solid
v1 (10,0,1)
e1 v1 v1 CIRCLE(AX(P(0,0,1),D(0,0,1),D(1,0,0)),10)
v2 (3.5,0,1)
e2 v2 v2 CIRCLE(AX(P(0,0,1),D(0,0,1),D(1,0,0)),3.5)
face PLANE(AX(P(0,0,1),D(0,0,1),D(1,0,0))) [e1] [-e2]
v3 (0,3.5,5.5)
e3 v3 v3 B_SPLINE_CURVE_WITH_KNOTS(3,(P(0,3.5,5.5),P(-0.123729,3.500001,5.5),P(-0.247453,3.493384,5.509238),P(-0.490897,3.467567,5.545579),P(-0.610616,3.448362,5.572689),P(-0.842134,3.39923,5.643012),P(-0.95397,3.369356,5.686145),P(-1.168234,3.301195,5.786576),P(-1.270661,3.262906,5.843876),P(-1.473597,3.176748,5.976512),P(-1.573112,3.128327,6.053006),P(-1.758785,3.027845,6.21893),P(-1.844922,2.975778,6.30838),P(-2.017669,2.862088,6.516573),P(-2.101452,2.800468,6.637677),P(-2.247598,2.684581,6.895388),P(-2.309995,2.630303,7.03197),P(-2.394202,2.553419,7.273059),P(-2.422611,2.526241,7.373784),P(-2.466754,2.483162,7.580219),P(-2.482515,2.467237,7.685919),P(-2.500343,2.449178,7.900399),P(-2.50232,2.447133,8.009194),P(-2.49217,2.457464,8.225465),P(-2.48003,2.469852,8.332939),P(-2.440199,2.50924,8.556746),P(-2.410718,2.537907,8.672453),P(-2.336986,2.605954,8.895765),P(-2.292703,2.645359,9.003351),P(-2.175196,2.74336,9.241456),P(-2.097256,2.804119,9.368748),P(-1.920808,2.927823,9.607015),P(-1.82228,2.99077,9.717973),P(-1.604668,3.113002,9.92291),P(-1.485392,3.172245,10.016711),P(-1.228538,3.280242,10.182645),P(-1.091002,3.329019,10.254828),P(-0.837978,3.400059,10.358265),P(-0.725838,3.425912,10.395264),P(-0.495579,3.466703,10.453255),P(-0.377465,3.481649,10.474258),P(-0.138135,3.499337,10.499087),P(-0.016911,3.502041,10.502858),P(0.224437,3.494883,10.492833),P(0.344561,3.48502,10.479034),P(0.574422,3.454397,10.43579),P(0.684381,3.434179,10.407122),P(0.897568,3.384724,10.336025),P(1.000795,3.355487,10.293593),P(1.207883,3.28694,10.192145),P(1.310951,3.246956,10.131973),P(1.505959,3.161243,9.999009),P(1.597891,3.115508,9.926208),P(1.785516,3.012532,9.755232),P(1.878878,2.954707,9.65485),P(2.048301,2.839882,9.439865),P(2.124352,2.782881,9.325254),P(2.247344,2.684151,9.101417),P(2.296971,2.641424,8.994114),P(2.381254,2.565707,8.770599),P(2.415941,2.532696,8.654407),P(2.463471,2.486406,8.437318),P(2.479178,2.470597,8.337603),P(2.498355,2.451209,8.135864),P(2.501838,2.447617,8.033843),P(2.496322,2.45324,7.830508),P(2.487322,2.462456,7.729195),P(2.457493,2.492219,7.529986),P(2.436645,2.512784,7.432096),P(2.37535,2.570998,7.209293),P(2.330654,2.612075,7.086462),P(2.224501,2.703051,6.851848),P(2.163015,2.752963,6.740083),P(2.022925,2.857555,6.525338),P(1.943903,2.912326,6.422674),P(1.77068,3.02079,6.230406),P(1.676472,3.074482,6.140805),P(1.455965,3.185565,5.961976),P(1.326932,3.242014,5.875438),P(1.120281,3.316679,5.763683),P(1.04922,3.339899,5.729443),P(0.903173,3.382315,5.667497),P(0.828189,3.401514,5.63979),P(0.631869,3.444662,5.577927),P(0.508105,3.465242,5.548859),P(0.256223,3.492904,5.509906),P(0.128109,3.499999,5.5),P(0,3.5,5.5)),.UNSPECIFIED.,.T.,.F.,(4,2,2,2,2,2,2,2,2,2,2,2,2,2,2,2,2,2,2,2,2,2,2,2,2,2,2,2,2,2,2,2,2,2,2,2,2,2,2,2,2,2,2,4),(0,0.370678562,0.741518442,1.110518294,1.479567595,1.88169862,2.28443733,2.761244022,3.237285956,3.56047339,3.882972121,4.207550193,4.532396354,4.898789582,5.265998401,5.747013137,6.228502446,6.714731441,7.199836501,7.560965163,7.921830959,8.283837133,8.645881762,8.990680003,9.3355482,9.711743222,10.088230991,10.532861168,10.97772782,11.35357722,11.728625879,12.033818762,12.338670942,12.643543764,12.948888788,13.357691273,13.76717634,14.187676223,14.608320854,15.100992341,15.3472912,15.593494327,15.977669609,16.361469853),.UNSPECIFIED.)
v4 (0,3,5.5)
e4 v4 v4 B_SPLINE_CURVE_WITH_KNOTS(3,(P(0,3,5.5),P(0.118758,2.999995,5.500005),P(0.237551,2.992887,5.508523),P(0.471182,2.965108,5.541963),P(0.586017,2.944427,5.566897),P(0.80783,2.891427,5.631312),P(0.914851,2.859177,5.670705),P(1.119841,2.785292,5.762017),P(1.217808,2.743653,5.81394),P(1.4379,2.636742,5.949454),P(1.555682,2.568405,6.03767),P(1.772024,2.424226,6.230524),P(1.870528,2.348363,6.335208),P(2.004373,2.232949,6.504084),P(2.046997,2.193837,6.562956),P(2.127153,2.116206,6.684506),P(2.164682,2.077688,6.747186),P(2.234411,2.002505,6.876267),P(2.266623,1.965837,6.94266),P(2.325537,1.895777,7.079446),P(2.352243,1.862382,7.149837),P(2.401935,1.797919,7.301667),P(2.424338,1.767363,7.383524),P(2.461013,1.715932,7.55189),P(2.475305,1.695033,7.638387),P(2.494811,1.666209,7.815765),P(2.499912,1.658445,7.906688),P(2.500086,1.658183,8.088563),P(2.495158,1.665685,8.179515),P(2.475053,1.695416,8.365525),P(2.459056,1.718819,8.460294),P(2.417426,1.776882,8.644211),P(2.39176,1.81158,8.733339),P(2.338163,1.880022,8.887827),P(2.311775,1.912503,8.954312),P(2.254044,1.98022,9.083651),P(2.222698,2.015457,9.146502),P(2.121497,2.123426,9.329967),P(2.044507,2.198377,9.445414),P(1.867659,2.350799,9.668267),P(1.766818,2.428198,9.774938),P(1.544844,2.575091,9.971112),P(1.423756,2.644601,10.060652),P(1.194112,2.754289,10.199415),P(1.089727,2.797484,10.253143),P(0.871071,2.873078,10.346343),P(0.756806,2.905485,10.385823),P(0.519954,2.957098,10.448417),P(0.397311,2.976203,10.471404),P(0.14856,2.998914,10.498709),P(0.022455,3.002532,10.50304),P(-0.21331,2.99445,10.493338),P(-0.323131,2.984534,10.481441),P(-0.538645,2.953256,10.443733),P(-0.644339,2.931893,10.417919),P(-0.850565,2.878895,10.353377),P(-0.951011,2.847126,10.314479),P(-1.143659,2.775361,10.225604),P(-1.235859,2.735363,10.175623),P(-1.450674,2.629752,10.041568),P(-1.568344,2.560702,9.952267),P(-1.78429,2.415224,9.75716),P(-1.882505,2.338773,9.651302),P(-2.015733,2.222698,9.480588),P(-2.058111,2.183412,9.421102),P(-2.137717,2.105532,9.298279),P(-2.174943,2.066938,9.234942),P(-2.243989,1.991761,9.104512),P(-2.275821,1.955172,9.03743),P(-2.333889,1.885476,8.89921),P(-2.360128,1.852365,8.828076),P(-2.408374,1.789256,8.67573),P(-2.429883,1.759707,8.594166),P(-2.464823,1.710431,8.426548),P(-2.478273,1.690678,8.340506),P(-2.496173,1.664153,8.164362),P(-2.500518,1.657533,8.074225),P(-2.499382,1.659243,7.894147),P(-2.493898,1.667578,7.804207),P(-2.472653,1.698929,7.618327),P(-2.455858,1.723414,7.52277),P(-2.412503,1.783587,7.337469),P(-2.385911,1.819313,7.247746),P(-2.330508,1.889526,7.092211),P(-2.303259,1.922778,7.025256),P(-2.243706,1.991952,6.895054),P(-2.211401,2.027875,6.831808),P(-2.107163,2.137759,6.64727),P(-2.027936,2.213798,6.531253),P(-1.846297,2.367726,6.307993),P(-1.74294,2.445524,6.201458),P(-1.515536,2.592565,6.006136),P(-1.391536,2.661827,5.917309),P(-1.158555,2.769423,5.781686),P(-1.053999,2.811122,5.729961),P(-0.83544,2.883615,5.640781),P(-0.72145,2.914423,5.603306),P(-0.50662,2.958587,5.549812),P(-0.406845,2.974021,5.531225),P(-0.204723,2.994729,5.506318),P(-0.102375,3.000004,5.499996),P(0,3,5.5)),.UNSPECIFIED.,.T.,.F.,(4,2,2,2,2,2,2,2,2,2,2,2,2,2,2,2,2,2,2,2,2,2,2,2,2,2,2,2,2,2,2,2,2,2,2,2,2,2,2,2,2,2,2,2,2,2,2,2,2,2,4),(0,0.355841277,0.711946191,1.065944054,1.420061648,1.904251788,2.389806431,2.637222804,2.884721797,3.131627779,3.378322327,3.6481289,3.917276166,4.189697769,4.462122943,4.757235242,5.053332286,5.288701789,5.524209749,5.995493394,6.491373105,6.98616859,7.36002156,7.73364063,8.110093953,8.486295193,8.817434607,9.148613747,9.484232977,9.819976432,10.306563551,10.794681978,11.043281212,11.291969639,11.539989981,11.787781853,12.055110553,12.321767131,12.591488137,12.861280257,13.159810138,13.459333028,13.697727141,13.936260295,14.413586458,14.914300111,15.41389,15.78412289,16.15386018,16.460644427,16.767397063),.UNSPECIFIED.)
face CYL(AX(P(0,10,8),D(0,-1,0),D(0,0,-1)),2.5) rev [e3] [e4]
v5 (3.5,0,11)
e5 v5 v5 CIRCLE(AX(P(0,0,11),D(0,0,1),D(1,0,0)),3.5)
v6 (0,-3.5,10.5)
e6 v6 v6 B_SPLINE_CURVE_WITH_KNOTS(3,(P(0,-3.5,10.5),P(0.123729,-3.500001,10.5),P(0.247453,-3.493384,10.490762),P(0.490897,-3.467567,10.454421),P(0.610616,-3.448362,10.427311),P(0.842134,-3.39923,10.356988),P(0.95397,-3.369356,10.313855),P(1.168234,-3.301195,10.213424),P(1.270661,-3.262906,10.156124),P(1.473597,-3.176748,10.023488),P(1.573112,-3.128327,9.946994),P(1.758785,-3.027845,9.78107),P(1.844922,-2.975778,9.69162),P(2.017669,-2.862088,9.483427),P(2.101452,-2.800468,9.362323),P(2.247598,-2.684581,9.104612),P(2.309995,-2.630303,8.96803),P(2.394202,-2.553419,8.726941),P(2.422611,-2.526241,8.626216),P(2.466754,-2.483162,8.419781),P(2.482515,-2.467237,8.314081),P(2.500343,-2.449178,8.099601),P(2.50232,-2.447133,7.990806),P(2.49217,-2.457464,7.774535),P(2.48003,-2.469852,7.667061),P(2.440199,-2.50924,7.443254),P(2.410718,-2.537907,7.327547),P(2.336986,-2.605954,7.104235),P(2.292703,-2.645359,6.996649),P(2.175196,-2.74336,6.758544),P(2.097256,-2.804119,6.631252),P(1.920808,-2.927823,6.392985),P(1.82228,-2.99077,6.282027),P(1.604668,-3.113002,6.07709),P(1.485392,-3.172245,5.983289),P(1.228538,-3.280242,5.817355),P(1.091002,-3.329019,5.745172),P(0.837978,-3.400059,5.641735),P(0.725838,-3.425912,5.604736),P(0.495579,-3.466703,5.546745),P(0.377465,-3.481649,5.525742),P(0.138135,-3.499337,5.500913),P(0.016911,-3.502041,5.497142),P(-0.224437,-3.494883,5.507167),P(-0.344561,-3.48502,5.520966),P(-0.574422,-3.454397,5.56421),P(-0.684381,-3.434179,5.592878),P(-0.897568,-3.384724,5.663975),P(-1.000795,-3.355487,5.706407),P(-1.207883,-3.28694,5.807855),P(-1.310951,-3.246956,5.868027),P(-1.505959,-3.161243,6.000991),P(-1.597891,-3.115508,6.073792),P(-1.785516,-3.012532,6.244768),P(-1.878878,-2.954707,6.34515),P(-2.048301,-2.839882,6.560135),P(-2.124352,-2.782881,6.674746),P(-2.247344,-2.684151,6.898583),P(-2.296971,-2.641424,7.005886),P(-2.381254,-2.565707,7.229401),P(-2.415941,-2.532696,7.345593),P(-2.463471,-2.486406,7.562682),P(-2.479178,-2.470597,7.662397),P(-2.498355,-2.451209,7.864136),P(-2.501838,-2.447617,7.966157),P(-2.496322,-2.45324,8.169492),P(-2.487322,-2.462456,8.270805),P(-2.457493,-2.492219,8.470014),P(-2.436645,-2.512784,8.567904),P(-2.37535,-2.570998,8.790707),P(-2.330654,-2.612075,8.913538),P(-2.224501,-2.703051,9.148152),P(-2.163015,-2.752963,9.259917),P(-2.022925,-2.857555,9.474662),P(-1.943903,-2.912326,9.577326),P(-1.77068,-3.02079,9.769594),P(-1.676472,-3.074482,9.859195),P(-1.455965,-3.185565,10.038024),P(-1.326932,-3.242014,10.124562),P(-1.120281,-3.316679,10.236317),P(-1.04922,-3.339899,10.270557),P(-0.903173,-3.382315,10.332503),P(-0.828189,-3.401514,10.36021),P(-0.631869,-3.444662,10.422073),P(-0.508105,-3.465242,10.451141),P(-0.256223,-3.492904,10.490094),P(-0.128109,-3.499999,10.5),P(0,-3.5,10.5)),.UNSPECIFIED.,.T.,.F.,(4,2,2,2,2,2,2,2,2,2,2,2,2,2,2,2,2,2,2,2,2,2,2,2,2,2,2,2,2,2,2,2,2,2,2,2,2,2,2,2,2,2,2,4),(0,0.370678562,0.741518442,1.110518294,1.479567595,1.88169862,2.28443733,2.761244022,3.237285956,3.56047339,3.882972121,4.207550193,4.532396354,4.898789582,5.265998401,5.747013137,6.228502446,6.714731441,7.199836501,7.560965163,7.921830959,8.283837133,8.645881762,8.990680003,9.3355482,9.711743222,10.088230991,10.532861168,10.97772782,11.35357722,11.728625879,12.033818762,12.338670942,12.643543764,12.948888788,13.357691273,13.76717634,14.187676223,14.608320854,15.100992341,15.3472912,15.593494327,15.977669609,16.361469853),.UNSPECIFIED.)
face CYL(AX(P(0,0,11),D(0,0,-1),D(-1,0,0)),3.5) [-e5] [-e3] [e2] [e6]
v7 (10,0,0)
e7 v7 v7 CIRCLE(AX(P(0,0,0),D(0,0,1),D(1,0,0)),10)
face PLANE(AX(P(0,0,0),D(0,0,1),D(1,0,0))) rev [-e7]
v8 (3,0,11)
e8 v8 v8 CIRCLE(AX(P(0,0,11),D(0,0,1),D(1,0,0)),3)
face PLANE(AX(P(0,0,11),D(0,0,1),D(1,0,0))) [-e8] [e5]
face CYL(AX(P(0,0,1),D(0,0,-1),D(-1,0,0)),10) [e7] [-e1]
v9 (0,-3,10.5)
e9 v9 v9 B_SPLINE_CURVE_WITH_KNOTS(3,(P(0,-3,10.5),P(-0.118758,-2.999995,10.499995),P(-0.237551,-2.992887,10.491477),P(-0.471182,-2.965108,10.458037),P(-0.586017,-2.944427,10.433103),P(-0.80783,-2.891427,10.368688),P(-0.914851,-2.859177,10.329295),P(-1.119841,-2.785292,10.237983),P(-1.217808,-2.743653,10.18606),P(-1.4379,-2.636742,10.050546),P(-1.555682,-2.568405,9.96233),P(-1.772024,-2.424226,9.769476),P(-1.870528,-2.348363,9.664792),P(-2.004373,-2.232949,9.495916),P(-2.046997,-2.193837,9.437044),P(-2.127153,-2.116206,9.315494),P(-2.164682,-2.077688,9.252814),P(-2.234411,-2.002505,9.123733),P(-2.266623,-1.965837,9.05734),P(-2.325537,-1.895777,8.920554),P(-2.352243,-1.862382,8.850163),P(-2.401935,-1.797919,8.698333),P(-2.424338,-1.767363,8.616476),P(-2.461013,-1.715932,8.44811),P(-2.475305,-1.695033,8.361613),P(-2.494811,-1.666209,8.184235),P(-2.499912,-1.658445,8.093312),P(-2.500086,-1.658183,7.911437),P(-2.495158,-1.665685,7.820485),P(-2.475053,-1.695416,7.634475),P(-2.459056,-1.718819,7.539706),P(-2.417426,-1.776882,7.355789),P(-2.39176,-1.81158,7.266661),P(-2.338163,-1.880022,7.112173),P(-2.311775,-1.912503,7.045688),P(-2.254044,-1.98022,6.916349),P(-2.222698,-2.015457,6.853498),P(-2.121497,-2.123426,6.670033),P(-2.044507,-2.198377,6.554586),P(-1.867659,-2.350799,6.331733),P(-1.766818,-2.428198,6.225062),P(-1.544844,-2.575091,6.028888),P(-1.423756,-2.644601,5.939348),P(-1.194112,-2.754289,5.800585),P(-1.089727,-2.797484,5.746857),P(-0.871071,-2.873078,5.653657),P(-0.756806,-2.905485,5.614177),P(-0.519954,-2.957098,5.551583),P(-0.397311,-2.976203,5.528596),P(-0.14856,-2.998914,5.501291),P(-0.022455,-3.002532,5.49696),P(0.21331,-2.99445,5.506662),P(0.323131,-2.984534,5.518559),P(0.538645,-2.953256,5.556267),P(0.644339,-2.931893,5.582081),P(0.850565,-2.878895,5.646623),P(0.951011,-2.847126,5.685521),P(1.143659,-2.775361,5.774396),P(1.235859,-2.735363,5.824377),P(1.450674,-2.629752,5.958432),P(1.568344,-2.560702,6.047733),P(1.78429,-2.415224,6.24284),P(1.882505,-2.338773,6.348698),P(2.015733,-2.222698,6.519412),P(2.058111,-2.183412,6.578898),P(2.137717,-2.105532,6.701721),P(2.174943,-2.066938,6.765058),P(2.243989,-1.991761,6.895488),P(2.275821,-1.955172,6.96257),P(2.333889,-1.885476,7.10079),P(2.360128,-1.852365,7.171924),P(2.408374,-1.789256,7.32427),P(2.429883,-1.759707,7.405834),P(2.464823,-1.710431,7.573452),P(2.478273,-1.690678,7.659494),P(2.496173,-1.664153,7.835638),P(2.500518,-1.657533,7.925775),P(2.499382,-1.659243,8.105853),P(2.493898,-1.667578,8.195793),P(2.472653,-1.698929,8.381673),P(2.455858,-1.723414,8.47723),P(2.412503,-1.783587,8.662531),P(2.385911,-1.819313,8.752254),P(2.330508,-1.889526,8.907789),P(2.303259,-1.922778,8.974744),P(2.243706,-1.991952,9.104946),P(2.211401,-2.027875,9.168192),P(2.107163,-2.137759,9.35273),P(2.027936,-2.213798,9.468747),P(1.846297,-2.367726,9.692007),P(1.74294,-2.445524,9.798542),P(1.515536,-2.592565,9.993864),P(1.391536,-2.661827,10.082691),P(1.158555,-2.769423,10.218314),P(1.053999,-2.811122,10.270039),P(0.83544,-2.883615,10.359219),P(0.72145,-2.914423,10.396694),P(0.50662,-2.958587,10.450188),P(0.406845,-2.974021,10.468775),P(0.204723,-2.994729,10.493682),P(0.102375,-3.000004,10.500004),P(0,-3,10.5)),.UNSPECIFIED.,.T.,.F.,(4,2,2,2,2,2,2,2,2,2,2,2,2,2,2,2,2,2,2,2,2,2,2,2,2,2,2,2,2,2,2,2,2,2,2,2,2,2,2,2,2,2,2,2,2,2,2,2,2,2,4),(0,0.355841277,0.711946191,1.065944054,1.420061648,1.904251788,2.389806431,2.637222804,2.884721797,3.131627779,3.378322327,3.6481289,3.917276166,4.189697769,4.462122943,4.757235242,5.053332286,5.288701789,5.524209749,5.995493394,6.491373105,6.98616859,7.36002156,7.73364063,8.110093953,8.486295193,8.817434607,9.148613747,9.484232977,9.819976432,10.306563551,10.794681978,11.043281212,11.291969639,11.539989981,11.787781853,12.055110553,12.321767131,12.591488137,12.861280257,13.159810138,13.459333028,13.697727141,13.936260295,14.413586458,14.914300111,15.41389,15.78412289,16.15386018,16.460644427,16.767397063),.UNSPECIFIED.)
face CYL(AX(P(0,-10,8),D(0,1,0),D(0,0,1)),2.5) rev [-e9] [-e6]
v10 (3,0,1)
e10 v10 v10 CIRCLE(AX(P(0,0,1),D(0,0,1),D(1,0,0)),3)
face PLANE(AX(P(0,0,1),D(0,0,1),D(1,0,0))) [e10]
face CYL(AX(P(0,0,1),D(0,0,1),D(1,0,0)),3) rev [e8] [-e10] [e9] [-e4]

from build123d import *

# Parameters (mm, degrees)
CROQUIS1_R              = 10
SALIENTE_EXTRUIR1_DEPTH = 1
CROQUIS2_R              = 3.5
SALIENTE_EXTRUIR2_DEPTH = 10
CROQUIS3_R              = 3
CORTAR_EXTRUIR1_DEPTH   = 10
CORTAR_EXTRUIR2_DEPTH   = 10


with BuildPart() as part:
    # Croquis1 → Saliente-Extruir1 (new body)
    with BuildSketch(Plane.XY):
        Circle(CROQUIS1_R)
    extrude(amount=SALIENTE_EXTRUIR1_DEPTH)

    # Croquis2 → Saliente-Extruir2 (add)
    with BuildSketch(Plane.XY.offset(1)):
        Circle(CROQUIS2_R)
    extrude(amount=SALIENTE_EXTRUIR2_DEPTH)

    # Croquis3 → Cortar-Extruir1 (cut)
    with BuildSketch(Plane.XY.offset(11)):
        Circle(CROQUIS3_R)
    extrude(amount=-CORTAR_EXTRUIR1_DEPTH, mode=Mode.SUBTRACT)

    # Croquis4 → Cortar-Extruir2 (cut)
    with BuildSketch(Plane(origin=(0, 0, 0), x_dir=(1, 0, 0), z_dir=(0, 1, 0))):
        with BuildLine():
            ThreePointArc((1.25, -5.834936491), (0, -5.5), (-1.25, -5.834936491))
            ThreePointArc((-1.25, -5.834936491), (-1.833451245, -6.300454022), (-2.253469547, -6.917468245))
            ThreePointArc((-2.253469547, -6.917468245), (-2.5, -8), (-2.253469547, -9.082531755))
            ThreePointArc((-2.253469547, -9.082531755), (-1.833451245, -9.699545978), (-1.25, -10.165063509))
            ThreePointArc((-1.25, -10.165063509), (0, -10.5), (1.25, -10.165063509))
            ThreePointArc((1.25, -10.165063509), (1.833451245, -9.699545978), (2.253469547, -9.082531755))
            ThreePointArc((2.253469547, -9.082531755), (2.5, -8), (2.253469547, -6.917468245))
            ThreePointArc((2.253469547, -6.917468245), (1.833451245, -6.300454022), (1.25, -5.834936491))
        make_face()
    cortar_extruir2 = extrude(amount=-CORTAR_EXTRUIR2_DEPTH, mode=Mode.SUBTRACT)

    # Simetría1: Cortar-Extruir2 across plane
    add(cortar_extruir2.mirror(Plane.ZX), mode=Mode.SUBTRACT)


solid = part.part
